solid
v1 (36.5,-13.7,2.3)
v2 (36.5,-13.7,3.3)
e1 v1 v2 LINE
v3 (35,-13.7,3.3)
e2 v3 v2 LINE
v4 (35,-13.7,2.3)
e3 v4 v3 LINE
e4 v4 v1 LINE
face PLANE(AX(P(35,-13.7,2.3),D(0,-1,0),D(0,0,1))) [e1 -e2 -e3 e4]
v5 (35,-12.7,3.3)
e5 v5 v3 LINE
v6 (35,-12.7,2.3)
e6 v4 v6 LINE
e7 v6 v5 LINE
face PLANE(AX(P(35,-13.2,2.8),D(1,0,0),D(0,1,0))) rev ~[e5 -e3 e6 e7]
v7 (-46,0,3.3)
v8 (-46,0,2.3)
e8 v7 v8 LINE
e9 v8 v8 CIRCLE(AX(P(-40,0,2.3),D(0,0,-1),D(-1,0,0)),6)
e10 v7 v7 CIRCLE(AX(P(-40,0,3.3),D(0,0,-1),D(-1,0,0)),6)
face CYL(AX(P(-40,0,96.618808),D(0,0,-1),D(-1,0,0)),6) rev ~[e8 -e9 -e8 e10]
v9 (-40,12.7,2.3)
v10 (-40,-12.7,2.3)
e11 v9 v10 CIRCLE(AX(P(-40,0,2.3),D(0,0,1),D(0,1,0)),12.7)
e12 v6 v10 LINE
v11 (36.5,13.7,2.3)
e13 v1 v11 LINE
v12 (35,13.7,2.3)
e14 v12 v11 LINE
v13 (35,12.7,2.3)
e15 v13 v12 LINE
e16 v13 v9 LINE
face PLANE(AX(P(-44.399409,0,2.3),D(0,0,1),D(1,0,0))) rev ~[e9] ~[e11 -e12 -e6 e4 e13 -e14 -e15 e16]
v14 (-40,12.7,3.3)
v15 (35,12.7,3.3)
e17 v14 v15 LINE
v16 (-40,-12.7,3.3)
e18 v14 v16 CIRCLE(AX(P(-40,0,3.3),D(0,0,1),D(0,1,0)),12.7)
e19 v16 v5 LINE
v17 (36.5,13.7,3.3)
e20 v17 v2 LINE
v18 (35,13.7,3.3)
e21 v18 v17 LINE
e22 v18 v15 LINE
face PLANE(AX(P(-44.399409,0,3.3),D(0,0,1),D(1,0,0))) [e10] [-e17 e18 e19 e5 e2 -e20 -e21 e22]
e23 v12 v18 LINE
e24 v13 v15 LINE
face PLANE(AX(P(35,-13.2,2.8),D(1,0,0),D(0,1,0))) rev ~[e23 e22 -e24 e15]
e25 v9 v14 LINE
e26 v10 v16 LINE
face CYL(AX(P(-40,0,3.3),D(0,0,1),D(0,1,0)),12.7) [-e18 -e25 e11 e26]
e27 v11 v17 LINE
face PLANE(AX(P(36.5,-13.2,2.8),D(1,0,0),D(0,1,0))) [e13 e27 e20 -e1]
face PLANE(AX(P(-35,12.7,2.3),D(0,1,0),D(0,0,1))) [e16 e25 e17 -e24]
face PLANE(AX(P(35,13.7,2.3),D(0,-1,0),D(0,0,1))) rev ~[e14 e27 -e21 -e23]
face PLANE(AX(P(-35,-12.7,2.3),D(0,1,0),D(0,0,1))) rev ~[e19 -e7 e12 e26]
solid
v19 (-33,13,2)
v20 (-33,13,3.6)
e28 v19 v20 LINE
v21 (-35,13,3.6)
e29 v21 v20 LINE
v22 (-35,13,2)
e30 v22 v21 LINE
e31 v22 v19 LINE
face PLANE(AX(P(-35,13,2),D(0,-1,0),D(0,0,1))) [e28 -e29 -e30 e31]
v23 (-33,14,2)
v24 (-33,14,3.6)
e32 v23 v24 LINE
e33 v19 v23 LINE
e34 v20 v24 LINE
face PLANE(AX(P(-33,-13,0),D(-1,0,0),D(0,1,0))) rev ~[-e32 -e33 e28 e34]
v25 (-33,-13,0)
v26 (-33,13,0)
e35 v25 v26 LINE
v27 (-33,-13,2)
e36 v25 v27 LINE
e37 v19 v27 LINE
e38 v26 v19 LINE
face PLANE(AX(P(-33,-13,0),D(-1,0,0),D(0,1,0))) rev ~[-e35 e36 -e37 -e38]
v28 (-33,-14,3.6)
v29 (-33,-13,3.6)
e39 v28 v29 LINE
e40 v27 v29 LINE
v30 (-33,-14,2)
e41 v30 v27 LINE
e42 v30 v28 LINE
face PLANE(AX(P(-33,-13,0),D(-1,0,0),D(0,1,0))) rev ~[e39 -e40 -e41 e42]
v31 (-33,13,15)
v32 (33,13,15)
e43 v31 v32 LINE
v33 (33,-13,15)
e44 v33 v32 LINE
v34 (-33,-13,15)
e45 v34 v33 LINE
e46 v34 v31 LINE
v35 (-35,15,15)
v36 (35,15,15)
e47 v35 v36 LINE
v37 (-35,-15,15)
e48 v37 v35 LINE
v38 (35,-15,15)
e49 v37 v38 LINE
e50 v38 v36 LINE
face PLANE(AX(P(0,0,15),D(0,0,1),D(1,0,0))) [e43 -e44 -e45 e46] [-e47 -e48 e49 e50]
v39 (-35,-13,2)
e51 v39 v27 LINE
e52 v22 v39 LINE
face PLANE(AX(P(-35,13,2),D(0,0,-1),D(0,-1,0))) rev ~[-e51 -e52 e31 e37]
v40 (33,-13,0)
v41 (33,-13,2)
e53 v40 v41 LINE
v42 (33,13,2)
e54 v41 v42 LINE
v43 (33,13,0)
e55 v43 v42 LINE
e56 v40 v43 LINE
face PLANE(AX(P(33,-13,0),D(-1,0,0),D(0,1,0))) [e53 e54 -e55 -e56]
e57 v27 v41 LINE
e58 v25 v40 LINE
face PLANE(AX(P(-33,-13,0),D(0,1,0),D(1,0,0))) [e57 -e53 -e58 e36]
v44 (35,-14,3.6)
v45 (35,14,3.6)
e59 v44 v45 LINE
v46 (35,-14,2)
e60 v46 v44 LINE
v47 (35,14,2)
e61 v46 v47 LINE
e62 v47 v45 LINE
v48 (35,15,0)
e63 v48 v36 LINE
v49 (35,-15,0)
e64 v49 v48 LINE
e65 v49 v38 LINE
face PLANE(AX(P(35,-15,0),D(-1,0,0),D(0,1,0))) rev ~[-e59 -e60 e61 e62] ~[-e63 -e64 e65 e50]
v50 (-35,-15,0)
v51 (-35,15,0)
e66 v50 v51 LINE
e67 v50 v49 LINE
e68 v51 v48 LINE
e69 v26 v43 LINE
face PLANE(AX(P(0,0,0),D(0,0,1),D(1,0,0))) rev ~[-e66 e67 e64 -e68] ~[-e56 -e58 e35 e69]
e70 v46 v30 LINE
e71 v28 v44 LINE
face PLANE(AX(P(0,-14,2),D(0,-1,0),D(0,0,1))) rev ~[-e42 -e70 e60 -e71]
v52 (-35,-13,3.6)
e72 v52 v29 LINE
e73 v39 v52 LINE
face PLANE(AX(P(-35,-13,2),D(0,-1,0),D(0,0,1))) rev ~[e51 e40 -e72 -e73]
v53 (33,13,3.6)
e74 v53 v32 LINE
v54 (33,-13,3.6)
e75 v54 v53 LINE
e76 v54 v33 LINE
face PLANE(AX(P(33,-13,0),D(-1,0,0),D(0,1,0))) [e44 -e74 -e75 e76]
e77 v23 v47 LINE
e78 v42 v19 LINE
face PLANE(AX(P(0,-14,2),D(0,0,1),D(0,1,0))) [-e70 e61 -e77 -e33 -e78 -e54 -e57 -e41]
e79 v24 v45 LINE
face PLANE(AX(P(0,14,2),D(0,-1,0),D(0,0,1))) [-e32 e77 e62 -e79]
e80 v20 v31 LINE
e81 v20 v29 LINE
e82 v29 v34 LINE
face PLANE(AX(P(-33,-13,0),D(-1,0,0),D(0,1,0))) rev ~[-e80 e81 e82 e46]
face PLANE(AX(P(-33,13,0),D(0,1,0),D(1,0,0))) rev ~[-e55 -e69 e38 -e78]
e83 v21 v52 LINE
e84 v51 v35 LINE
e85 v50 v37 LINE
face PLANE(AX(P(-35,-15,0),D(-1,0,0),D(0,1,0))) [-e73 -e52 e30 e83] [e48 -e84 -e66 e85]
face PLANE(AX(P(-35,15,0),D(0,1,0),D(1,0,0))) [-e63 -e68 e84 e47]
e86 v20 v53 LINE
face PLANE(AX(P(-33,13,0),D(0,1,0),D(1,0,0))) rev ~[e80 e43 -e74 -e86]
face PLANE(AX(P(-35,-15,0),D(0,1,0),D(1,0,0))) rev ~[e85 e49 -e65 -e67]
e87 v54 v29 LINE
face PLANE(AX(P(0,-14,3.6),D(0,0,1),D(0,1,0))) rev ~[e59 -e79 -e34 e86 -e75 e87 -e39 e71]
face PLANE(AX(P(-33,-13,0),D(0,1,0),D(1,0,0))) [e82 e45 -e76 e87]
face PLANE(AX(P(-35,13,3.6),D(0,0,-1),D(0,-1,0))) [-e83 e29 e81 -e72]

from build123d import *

# Parameters (mm, degrees)
F0_W          = 70
F0_H          = 30
F0_W_2        = 66
F0_H_2        = 26
F1_DEPTH      = 15
F2_W          = 28
F2_H          = 1.6
F3_DEPTH      = 33
F3_DEPTH_BACK = 35
F4_W          = 26
F4_H          = 1.6
F5_DEPTH      = 2
F6_W          = 25.4
F6_H          = 1
F7_DEPTH      = 70
F7_DEPTH_BACK = 5
F8_W          = 1
F8_H          = 1
F8_W_2        = 25.4
F9_DEPTH      = 1.5
F11_DEPTH     = 1
F12_D         = 12


with BuildPart() as f1:
    # F0 (on Top) → F1 (new body)
    with BuildSketch(Plane.XY):
        Rectangle(F0_W, F0_H)
        Rectangle(F0_W_2, F0_H_2, mode=Mode.SUBTRACT)
    extrude(amount=F1_DEPTH)

    # F2 (on Right) → F3 (cut, two sides)
    with BuildSketch(Plane.YZ) as f3_sk:
        with Locations((0, 2.8)):
            Rectangle(F2_W, F2_H)
    extrude(amount=-F3_DEPTH, mode=Mode.SUBTRACT)
    extrude(f3_sk.sketch, amount=F3_DEPTH_BACK, mode=Mode.SUBTRACT)

    # F4 (on face) → F5 (cut, through all)
    with BuildSketch(Plane(origin=(-35, 0, 0), x_dir=(0, -1, 0), z_dir=(-1, 0, 0))):
        with Locations((0, 2.8)):
            Rectangle(F4_W, F4_H)
    extrude(amount=-F5_DEPTH, mode=Mode.SUBTRACT)


with BuildPart() as f7:
    # F6 (on face) → F7 (new body, two sides)
    with BuildSketch(Plane(origin=(-35, 0, 0), x_dir=(0, -1, 0), z_dir=(-1, 0, 0))) as f7_sk:
        with Locations((0, 2.8)):
            Rectangle(F6_W, F6_H)
    extrude(amount=-F7_DEPTH)
    extrude(f7_sk.sketch, amount=F7_DEPTH_BACK)

    # F8 (on face) → F9 (join)
    with BuildSketch(Plane.YZ.offset(35)):
        with Locations((-13.2, 2.8)):
            Rectangle(F8_W, F8_H)
        with Locations((13.2, 2.8)):
            Rectangle(F8_W, F8_H)
        with Locations((0, 2.8)):
            Rectangle(F8_W_2, F8_H)
    extrude(amount=F9_DEPTH)

    # F10 (on face) → F11 (join, through all)
    with BuildSketch(Plane.XY.offset(3.3)):
        with BuildLine():
            Line((-40, -12.7), (-40, 12.7))
            ThreePointArc((-40, 12.7), (-52.7, 0), (-40, -12.7))
        make_face()
    extrude(amount=-F11_DEPTH)

    # F12 (through all)
    with Locations(Plane.XY.offset(3.3)):
        with Locations((-40, 0)):
            Hole(F12_D / 2)


solid = Compound([f1.part, f7.part])
